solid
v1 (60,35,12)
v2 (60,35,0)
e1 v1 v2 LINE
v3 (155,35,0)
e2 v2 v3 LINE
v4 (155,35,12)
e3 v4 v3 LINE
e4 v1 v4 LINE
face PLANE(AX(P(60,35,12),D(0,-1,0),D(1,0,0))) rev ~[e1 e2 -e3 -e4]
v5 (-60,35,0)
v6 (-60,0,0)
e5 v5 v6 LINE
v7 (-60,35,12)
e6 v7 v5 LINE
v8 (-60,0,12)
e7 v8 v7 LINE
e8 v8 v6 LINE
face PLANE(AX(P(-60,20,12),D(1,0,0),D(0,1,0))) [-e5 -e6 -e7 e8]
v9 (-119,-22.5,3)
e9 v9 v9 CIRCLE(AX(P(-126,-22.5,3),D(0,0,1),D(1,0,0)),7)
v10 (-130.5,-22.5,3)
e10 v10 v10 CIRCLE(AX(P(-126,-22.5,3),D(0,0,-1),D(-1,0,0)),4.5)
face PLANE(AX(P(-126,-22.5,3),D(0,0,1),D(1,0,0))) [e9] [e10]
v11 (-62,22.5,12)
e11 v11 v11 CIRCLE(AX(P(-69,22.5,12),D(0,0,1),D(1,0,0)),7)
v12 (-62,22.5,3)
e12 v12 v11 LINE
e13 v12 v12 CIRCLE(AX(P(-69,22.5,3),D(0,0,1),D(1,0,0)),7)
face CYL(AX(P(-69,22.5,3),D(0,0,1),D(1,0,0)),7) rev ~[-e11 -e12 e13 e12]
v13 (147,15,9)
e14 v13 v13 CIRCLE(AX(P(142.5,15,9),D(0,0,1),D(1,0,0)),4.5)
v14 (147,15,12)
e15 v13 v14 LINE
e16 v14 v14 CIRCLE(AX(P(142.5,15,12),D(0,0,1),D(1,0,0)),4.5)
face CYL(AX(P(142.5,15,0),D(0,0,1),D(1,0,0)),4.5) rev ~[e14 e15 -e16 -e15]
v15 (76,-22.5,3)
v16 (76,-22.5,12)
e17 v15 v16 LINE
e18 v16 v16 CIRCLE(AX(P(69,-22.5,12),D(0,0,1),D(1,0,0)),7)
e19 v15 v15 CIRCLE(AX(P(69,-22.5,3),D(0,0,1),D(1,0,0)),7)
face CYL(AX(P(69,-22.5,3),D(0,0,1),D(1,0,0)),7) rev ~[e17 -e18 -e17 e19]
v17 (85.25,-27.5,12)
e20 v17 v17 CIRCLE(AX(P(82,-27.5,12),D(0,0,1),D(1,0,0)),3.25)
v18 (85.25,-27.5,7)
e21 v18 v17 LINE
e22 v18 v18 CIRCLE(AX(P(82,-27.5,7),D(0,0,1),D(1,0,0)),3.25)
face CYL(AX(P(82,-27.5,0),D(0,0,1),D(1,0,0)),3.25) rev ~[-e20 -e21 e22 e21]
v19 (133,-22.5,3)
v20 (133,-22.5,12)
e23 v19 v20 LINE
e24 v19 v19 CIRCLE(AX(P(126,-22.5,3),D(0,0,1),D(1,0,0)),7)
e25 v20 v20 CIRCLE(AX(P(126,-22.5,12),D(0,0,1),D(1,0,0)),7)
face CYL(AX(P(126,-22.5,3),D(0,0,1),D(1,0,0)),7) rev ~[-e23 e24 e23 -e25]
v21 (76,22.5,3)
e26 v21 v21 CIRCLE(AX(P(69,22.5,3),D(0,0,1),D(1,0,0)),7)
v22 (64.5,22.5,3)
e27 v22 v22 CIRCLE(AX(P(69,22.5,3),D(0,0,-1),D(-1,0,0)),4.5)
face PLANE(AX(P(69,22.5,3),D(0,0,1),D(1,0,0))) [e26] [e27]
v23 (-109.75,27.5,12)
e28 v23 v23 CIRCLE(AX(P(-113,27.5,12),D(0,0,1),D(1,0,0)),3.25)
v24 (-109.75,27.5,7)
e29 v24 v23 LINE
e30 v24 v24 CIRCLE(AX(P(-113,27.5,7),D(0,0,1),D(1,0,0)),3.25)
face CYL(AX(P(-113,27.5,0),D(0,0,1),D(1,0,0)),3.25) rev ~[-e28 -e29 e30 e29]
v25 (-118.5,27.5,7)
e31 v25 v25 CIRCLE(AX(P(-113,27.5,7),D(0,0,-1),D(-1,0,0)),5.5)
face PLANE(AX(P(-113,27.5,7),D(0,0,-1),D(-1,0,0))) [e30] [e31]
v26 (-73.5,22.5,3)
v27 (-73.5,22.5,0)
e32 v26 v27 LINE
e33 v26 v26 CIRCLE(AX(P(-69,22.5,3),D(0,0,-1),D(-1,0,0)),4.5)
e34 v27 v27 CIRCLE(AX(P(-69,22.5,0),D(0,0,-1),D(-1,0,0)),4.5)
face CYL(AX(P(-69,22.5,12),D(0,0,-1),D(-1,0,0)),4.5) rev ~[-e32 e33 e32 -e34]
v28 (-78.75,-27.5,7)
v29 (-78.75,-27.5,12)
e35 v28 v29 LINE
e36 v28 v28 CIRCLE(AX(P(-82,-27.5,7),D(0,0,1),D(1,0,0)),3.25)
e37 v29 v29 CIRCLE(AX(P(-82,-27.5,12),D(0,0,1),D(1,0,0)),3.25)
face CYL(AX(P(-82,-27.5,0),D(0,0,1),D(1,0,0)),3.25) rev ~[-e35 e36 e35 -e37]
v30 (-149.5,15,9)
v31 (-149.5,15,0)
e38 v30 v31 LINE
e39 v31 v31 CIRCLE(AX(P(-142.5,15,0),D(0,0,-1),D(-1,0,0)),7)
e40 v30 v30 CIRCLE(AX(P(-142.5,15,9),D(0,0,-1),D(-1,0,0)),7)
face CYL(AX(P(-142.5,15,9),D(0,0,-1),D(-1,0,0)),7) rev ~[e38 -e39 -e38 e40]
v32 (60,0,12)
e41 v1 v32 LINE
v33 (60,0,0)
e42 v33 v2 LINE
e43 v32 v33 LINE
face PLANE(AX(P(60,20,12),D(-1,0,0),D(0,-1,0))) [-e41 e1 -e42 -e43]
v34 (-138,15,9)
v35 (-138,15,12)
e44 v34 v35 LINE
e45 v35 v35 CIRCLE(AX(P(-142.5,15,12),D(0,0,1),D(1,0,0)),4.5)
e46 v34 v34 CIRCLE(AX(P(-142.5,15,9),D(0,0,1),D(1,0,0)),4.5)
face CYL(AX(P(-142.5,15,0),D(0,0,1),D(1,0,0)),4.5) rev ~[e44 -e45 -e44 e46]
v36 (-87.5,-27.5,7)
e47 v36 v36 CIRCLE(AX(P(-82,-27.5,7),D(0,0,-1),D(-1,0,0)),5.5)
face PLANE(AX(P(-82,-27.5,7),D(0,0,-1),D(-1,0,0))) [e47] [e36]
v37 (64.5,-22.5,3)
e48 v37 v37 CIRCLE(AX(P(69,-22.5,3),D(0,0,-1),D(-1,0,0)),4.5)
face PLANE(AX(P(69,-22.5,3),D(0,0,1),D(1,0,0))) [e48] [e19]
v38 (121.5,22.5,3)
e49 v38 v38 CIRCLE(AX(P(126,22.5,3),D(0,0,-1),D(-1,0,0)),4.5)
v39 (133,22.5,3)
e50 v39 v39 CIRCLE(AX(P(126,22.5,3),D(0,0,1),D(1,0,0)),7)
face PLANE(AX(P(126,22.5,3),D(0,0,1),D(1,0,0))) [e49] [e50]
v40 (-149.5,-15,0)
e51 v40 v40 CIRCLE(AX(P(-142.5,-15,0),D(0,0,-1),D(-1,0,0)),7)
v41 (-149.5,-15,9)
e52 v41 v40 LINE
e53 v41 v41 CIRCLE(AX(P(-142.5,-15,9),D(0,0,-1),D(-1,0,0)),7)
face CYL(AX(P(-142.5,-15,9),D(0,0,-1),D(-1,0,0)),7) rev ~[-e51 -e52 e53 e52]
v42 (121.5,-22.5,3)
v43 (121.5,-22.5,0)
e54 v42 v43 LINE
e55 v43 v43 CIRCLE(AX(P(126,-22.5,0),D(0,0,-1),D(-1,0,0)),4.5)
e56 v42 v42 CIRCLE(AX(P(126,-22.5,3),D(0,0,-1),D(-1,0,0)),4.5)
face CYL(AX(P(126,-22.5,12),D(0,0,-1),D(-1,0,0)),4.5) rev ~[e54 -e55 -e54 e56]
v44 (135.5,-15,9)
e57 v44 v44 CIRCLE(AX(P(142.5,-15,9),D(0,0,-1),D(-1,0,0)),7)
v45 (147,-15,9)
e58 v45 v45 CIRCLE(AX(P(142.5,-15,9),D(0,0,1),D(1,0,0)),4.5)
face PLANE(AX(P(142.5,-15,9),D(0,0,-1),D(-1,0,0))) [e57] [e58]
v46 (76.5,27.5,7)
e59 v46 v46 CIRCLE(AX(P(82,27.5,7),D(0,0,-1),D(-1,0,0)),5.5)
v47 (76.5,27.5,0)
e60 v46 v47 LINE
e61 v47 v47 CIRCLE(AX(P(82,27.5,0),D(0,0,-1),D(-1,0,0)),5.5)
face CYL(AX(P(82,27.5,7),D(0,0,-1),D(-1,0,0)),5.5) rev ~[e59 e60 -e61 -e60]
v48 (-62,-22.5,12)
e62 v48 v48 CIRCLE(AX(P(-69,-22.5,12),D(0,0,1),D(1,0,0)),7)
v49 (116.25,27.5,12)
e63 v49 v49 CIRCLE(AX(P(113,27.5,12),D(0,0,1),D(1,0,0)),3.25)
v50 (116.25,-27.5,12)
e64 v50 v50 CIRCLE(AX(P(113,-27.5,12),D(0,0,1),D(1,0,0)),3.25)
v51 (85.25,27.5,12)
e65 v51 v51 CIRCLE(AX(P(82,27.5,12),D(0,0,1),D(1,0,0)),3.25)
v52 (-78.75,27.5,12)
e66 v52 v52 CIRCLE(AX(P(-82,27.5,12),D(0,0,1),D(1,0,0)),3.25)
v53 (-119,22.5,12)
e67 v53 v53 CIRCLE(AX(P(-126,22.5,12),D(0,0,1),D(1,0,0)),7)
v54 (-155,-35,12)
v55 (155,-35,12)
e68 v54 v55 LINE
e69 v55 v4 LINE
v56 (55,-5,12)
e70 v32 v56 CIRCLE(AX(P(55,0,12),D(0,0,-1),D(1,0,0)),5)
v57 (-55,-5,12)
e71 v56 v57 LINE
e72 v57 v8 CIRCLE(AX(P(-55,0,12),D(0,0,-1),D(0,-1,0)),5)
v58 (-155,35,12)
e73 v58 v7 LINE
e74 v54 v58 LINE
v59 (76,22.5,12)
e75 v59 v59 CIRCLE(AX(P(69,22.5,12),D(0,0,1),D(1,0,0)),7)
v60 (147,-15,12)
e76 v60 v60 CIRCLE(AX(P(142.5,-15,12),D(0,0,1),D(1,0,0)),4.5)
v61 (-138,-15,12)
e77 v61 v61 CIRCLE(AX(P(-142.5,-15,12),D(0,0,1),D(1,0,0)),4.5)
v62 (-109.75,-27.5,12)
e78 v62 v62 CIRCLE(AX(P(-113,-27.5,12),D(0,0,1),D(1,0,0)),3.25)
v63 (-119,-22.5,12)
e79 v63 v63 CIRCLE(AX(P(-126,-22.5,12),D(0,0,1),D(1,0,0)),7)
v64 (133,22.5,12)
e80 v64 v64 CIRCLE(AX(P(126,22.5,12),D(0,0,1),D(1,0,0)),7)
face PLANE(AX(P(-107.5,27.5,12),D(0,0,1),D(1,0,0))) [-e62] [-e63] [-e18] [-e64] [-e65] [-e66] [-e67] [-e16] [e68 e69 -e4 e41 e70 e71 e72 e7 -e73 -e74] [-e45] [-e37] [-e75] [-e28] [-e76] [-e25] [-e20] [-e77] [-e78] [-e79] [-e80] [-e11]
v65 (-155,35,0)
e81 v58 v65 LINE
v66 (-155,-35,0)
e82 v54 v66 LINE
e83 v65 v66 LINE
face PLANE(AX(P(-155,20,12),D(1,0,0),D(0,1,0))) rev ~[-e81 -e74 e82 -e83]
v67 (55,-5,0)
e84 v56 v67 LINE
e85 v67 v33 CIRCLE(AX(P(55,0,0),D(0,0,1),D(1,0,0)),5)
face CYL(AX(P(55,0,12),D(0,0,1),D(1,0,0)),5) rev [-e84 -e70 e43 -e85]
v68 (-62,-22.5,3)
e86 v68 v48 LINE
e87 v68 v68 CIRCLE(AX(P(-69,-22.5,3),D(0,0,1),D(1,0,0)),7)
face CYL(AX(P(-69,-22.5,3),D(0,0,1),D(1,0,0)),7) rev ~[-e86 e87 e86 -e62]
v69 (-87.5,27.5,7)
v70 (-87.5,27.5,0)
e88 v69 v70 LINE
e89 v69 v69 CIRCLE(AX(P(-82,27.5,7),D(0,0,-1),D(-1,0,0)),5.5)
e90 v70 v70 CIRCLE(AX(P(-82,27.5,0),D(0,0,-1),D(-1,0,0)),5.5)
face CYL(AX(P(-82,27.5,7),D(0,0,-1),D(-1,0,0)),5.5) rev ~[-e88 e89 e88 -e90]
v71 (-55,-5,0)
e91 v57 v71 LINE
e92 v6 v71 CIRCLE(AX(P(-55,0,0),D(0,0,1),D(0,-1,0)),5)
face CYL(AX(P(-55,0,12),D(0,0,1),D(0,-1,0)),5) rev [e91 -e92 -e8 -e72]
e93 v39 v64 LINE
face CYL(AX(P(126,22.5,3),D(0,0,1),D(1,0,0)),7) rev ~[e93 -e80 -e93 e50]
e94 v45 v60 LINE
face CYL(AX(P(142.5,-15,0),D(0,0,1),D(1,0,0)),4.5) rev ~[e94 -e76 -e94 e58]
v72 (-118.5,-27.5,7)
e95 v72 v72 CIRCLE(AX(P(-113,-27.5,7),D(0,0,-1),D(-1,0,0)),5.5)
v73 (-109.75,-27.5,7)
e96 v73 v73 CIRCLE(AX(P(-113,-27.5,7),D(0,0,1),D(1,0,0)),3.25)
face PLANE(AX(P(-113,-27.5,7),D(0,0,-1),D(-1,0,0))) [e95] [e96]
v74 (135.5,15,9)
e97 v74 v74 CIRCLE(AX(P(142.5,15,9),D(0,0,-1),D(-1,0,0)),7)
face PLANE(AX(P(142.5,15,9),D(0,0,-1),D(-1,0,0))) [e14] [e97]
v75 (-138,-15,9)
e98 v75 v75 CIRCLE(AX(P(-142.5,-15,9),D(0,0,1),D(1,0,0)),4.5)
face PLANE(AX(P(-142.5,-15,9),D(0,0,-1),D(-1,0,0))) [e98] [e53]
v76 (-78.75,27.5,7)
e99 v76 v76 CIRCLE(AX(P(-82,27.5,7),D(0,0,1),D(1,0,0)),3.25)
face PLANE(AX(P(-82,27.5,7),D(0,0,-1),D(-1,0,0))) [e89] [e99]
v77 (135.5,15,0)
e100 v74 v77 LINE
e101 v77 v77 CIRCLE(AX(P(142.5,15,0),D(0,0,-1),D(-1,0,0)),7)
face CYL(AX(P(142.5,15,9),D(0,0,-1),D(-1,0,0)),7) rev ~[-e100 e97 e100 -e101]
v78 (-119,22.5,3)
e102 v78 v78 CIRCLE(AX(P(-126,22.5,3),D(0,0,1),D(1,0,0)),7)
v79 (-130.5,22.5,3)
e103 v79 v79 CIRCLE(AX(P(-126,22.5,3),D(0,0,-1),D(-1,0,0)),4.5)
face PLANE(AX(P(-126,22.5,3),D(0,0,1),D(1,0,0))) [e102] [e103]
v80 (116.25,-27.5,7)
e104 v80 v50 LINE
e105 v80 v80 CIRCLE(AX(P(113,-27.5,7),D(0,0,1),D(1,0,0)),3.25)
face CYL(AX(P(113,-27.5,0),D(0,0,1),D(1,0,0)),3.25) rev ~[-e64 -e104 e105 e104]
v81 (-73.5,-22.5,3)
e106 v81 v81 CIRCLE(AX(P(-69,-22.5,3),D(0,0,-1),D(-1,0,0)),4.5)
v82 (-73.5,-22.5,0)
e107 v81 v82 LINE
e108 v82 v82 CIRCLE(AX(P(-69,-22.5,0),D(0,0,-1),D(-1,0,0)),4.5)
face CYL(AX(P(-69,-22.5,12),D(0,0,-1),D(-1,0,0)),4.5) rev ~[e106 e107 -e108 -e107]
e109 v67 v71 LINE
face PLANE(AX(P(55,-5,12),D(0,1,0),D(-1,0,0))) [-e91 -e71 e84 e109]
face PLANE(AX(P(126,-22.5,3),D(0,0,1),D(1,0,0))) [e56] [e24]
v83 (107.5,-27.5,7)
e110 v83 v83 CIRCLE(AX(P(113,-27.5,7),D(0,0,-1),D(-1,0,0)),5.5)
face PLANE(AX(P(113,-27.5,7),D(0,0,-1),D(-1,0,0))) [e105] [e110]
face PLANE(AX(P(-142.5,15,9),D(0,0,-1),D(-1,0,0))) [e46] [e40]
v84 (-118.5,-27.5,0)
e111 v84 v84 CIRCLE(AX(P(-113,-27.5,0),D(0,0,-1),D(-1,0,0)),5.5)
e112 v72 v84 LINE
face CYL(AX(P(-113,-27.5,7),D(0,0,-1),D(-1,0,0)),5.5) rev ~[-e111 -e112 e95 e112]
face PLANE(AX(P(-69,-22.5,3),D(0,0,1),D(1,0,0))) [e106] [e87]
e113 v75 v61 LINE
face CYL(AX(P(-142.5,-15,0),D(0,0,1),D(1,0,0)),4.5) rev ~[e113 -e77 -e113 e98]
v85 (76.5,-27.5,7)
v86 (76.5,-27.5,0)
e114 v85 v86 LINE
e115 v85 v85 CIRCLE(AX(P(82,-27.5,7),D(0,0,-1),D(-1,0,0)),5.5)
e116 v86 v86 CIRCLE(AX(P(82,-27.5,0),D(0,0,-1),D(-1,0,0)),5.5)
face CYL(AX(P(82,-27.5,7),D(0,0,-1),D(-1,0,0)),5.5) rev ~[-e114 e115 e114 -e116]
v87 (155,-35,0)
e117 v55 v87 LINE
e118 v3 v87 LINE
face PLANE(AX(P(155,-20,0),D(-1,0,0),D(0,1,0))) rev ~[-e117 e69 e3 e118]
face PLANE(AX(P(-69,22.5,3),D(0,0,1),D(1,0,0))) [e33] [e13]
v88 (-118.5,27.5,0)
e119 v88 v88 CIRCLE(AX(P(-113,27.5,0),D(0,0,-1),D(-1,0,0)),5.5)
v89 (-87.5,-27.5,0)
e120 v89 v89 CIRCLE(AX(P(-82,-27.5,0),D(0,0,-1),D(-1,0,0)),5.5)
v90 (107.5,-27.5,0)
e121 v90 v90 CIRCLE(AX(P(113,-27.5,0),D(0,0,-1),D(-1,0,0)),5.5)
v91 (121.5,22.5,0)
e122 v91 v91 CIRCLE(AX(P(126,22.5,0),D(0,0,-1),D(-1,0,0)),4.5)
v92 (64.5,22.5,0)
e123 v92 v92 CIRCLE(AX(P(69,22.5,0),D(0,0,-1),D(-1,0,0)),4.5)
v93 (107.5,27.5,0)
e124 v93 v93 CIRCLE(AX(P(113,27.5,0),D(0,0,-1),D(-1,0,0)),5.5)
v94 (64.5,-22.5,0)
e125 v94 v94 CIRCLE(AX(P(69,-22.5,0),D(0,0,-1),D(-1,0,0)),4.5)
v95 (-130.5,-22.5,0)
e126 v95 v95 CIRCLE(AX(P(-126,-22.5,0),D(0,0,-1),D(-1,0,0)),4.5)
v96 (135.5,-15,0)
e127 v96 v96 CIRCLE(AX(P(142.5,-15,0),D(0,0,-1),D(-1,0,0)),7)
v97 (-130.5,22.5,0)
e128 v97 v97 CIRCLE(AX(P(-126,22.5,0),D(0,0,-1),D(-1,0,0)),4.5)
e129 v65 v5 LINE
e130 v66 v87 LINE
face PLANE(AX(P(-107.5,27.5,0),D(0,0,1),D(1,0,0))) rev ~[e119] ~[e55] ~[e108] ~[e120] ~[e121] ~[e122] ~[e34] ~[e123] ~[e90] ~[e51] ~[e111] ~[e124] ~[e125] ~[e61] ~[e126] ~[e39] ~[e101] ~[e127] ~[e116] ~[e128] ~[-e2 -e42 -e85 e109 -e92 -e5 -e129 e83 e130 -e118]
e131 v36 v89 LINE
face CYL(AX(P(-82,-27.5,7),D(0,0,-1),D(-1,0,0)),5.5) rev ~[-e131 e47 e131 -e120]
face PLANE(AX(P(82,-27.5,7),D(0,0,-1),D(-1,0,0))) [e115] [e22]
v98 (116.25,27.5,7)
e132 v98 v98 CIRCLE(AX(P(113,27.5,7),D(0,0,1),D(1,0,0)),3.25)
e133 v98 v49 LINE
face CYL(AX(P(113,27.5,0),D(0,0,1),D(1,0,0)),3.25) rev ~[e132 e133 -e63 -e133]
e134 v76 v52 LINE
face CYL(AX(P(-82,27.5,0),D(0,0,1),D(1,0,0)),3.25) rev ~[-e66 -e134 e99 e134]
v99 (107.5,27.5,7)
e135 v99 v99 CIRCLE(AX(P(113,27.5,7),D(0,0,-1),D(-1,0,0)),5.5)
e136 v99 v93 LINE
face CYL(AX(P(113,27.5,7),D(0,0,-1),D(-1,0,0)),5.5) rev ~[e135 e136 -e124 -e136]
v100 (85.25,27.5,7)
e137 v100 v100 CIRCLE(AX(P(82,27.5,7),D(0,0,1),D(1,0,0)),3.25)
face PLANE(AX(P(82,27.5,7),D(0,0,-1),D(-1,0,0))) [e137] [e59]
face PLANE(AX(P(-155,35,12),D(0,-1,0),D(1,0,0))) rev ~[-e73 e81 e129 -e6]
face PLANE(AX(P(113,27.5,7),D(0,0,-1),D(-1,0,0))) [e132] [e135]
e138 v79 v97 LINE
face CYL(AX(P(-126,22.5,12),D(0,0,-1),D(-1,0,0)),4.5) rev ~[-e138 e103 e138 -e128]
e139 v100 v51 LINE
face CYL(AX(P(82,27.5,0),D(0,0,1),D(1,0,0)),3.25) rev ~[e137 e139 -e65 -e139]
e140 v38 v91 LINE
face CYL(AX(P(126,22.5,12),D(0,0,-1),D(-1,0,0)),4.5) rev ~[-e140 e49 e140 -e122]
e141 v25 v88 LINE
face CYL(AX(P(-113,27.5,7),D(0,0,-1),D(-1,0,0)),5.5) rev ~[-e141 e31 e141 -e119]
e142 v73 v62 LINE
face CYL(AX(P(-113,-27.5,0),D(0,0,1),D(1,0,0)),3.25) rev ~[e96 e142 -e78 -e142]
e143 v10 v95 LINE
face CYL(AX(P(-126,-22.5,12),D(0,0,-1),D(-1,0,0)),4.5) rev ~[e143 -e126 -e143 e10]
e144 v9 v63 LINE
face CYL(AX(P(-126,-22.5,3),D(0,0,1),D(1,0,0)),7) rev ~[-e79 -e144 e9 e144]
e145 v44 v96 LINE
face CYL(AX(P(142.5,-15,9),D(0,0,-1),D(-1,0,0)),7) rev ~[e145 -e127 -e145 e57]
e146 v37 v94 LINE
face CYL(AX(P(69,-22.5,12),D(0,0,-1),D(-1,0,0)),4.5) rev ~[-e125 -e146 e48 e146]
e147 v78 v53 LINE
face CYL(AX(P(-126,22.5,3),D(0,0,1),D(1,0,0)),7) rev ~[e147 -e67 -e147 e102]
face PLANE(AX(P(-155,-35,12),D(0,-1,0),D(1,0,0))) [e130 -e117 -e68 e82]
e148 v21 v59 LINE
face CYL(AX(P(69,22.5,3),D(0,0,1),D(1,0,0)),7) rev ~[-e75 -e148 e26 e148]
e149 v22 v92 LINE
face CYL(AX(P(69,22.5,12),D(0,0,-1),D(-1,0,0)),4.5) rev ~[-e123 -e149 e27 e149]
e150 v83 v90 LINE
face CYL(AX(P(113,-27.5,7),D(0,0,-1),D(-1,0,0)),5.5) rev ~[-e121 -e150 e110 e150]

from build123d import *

# Parameters (mm, degrees)
SKETCH_1_W                  = 310
SKETCH_1_H                  = 40
EXTRUDE_1_DEPTH             = 12
SKETCH_8_W                  = 95
SKETCH_8_H                  = 15
SKETCH_8_W_2                = 310
EXTRUDE_2_DEPTH             = 12
HOLE_WIZARD_2_D             = 9
HOLE_WIZARD_2_CBORE_D       = 14
HOLE_WIZARD_2_CBORE_DEPTH   = 9
HOLE_WIZARD_2_2_D           = 9
HOLE_WIZARD_2_2_CBORE_D     = 14
HOLE_WIZARD_2_2_CBORE_DEPTH = 9
HOLE_WIZARD_3_D             = 6.5
HOLE_WIZARD_3_CBORE_D       = 11
HOLE_WIZARD_3_CBORE_DEPTH   = 7
CUT_EXTRUDE_1_DEPTH         = 13


with BuildPart() as part:
    # 草图1 → 凸台-拉伸1 (new body)
    with BuildSketch(Plane.XY):
        Rectangle(SKETCH_1_W, SKETCH_1_H)
    extrude(amount=EXTRUDE_1_DEPTH)

    # 草图8 → 凸台-拉伸2 (add)
    with BuildSketch(Plane.XY.offset(12)):
        with Locations((-107.5, 27.5)):
            Rectangle(SKETCH_8_W, SKETCH_8_H)
        with Locations((107.5, 27.5)):
            Rectangle(SKETCH_8_W, SKETCH_8_H)
        with Locations((0, -27.5)):
            Rectangle(SKETCH_8_W_2, SKETCH_8_H)
    extrude(amount=-EXTRUDE_2_DEPTH)

    # Hole Wizard 2 (through all)
    with Locations(Plane.XY.offset(12)):
        with Locations((-126, 22.5), (-69, 22.5), (-69, -22.5), (-126, -22.5), (126, -22.5), (69, -22.5), (69, 22.5), (126, 22.5)):
            CounterBoreHole(HOLE_WIZARD_2_D / 2, HOLE_WIZARD_2_CBORE_D / 2, HOLE_WIZARD_2_CBORE_DEPTH)

    # Hole Wizard 2 2 (through all)
    with Locations(Plane(origin=(0, 0, 0), x_dir=(-1, 0, 0), z_dir=(0, 0, -1))):
        with Locations((-142.5, 15), (-142.5, -15), (142.5, -15), (142.5, 15)):
            CounterBoreHole(HOLE_WIZARD_2_2_D / 2, HOLE_WIZARD_2_2_CBORE_D / 2, HOLE_WIZARD_2_2_CBORE_DEPTH)

    # 打孔尺寸(%根据)内六角圆柱头螺钉的类型3 (through all)
    with Locations(Plane(origin=(0, 0, 0), x_dir=(-1, 0, 0), z_dir=(0, 0, -1))):
        with Locations((-82, 27.5), (-113, 27.5), (-113, -27.5), (-82, -27.5), (82, -27.5), (113, -27.5), (113, 27.5), (82, 27.5)):
            CounterBoreHole(HOLE_WIZARD_3_D / 2, HOLE_WIZARD_3_CBORE_D / 2, HOLE_WIZARD_3_CBORE_DEPTH)

    # 草图11 → 切除-拉伸1 (cut, through all)
    with BuildSketch(Plane.XY.offset(12)):
        with BuildLine():
            Line((-60, 20), (60, 20))
            Line((60, 20), (60, 0))
            ThreePointArc((60, 0), (58.535533906, -3.535533906), (55, -5))
            Line((55, -5), (-55, -5))
            ThreePointArc((-55, -5), (-58.535533906, -3.535533906), (-60, 0))
            Line((-60, 0), (-60, 20))
        make_face()
    extrude(amount=-CUT_EXTRUDE_1_DEPTH, mode=Mode.SUBTRACT)


solid = part.part
